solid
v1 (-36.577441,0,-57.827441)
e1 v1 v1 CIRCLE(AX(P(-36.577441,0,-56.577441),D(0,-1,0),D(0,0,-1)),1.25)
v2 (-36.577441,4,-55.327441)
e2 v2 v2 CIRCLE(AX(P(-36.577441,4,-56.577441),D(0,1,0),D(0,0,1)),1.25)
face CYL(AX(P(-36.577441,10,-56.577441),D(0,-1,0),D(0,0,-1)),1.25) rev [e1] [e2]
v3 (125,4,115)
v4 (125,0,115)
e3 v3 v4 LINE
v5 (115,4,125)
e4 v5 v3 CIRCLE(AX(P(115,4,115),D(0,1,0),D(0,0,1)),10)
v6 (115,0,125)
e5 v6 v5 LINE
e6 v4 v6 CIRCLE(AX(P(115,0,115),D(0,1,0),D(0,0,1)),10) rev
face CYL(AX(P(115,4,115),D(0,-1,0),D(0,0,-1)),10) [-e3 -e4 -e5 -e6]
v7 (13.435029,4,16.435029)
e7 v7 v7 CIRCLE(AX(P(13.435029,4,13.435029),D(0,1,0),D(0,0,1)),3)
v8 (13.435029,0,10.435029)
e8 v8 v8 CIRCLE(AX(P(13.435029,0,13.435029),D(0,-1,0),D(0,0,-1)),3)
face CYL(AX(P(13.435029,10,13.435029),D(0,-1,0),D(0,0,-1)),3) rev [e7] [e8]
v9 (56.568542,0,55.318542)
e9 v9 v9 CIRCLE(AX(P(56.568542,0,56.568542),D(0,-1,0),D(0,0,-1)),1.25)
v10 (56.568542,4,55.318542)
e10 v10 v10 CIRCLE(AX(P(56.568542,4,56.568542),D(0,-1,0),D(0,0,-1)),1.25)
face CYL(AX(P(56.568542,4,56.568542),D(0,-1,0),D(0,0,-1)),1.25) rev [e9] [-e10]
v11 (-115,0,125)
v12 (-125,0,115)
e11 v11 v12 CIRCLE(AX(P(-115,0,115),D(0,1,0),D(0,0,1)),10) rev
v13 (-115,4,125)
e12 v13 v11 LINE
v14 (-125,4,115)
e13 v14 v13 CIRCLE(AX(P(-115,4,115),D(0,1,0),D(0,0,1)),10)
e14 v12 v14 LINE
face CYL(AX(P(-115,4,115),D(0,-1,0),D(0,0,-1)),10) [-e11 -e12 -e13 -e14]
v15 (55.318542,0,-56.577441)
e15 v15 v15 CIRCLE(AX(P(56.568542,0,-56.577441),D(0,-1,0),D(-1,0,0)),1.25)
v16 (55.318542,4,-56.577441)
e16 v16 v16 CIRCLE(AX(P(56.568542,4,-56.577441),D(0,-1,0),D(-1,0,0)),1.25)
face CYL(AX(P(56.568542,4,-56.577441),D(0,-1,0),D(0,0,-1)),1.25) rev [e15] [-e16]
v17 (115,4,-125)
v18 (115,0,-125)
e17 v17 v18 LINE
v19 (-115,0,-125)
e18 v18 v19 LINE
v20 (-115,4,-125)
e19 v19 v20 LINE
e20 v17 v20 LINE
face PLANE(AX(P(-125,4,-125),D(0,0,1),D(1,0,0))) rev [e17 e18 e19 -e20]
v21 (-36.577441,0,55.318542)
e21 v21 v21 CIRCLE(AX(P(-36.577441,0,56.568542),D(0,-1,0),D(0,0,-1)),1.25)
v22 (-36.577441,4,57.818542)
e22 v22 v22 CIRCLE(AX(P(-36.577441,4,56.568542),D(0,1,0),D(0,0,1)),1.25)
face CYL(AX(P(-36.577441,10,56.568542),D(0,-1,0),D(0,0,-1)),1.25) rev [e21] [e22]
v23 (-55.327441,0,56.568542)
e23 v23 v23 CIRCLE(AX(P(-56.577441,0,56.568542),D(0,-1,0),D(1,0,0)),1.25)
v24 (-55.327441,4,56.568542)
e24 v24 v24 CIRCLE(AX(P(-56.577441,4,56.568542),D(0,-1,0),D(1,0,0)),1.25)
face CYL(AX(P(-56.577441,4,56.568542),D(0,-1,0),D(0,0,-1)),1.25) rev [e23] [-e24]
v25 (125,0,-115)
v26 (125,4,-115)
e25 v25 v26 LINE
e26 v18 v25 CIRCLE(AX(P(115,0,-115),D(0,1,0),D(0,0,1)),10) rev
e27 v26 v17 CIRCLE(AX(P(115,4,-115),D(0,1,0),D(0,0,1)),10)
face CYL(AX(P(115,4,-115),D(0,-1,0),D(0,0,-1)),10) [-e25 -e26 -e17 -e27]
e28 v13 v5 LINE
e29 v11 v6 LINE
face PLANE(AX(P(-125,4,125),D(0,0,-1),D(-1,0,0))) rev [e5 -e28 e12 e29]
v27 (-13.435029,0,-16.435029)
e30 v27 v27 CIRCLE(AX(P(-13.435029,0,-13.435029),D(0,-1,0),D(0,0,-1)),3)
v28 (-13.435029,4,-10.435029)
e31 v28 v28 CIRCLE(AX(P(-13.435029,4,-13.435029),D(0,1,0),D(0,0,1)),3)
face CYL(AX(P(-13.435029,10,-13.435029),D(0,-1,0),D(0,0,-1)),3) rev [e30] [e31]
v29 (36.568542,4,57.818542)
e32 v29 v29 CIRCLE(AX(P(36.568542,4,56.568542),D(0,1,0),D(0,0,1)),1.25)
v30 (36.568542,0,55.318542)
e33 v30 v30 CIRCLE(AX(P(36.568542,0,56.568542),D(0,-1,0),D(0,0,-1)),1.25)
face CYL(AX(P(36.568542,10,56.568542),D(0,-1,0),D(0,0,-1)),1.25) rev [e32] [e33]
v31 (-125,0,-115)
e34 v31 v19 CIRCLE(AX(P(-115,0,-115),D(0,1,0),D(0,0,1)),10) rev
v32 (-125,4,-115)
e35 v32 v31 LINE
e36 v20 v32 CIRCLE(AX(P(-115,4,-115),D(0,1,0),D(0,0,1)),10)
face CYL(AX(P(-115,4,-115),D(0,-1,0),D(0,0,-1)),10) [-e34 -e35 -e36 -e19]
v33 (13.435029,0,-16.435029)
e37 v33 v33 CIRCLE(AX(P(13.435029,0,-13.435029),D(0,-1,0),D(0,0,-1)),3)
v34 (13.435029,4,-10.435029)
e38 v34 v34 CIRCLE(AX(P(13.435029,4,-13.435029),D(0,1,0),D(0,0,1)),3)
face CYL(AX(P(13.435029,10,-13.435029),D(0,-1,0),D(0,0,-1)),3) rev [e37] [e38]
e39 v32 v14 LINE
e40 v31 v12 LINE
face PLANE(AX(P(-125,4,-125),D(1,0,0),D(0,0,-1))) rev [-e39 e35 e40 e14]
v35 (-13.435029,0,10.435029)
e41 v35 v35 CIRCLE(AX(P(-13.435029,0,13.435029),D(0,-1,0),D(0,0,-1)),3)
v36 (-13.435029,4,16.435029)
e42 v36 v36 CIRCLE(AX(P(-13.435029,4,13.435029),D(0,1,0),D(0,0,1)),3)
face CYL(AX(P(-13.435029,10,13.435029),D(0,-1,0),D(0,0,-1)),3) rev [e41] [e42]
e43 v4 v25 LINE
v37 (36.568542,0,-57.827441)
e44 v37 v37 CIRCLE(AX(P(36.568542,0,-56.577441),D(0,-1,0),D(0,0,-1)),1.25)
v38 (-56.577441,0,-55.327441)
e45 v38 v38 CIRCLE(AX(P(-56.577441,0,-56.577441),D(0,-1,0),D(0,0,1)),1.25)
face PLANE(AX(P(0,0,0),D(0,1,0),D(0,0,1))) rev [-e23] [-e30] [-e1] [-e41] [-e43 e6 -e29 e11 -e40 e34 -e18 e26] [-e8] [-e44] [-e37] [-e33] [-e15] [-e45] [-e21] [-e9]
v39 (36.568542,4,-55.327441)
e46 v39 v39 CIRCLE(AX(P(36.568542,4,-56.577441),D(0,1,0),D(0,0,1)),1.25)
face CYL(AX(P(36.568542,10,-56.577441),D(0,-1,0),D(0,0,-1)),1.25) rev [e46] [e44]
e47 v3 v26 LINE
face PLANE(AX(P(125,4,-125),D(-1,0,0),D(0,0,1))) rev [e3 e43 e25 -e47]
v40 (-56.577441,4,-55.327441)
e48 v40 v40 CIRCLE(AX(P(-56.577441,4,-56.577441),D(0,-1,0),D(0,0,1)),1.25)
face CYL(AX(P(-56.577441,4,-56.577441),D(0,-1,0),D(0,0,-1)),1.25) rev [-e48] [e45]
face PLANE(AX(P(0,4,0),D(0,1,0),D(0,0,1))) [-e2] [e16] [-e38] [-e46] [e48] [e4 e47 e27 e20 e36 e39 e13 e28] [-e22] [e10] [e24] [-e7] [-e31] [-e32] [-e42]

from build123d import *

# Parameters (mm, degrees)
SKETCH_1_W               = 250
SKETCH_1_H               = 250
EXTRUDE_1_DEPTH          = 4
FILLET_1_R               = 10
SKETCH_3_R               = 1.25
CUT_EXTRUDE_4_DEPTH      = 177.821944339
PATTERN_CIRCULAR_2_COUNT = 4
SKETCH_7_R               = 1.25
CUT_EXTRUDE_11_DEPTH     = 10
SKETCH_9_R               = 3
CUT_EXTRUDE_12_DEPTH     = 10


with BuildPart() as part:
    # 草图1 → 凸台-拉伸1 (new body)
    with BuildSketch(Plane(origin=(0, 0, 0), x_dir=(1, 0, 0), z_dir=(0, 1, 0))):
        Rectangle(SKETCH_1_W, SKETCH_1_H)
    extrude(amount=EXTRUDE_1_DEPTH)

    # 圆角1
    fillet_1_edges = [part.edges().sort_by_distance(p)[0] for p in [
        (125, 2, 125),
        (-125, 2, 125),
        (-125, 2, -125),
        (125, 2, -125),
    ]]
    fillet(fillet_1_edges, radius=FILLET_1_R)

    # 草图3 → 切除-拉伸4 (cut, through all)
    with BuildSketch(Plane.XZ):
        with Locations(Location((56.568542495, 56.568542495, 0), (0, 0, 270))):
            Circle(SKETCH_3_R)
    cut_extrude_4 = extrude(amount=-CUT_EXTRUDE_4_DEPTH, mode=Mode.SUBTRACT)

    # 阵列(圆周)2: 切除-拉伸4 ×4 about axis
    pattern_circular_2_axis = Axis((-0.004449343, 0, -0.004449343), (0, 1, 0))
    for i in range(1, PATTERN_CIRCULAR_2_COUNT):
        add(cut_extrude_4.rotate(pattern_circular_2_axis, i * 360 / PATTERN_CIRCULAR_2_COUNT), mode=Mode.SUBTRACT)

    # 草图7 → 切除-拉伸11 (cut)
    with BuildSketch(Plane.XZ):
        with Locations(Location((-36.577441182, -56.577441182, 0), (0, 0, 270))):
            Circle(SKETCH_7_R)
        with Locations(Location((36.568542495, -56.577441182, 0), (0, 0, 270))):
            Circle(SKETCH_7_R)
        with Locations(Location((-36.577441182, 56.568542495, 0), (0, 0, 270))):
            Circle(SKETCH_7_R)
        with Locations(Location((36.568542495, 56.568542495, 0), (0, 0, 270))):
            Circle(SKETCH_7_R)
    extrude(amount=-CUT_EXTRUDE_11_DEPTH, mode=Mode.SUBTRACT)

    # 草图9 → 切除-拉伸12 (cut)
    with BuildSketch(Plane.XZ):
        with Locations(Location((13.435028843, 13.435028843, 0), (0, 0, 270))):
            Circle(SKETCH_9_R)
        with Locations(Location((13.435028843, -13.435028843, 0), (0, 0, 270))):
            Circle(SKETCH_9_R)
        with Locations(Location((-13.435028843, -13.435028843, 0), (0, 0, 270))):
            Circle(SKETCH_9_R)
        with Locations(Location((-13.435028843, 13.435028843, 0), (0, 0, 270))):
            Circle(SKETCH_9_R)
    extrude(amount=-CUT_EXTRUDE_12_DEPTH, mode=Mode.SUBTRACT)


solid = part.part
